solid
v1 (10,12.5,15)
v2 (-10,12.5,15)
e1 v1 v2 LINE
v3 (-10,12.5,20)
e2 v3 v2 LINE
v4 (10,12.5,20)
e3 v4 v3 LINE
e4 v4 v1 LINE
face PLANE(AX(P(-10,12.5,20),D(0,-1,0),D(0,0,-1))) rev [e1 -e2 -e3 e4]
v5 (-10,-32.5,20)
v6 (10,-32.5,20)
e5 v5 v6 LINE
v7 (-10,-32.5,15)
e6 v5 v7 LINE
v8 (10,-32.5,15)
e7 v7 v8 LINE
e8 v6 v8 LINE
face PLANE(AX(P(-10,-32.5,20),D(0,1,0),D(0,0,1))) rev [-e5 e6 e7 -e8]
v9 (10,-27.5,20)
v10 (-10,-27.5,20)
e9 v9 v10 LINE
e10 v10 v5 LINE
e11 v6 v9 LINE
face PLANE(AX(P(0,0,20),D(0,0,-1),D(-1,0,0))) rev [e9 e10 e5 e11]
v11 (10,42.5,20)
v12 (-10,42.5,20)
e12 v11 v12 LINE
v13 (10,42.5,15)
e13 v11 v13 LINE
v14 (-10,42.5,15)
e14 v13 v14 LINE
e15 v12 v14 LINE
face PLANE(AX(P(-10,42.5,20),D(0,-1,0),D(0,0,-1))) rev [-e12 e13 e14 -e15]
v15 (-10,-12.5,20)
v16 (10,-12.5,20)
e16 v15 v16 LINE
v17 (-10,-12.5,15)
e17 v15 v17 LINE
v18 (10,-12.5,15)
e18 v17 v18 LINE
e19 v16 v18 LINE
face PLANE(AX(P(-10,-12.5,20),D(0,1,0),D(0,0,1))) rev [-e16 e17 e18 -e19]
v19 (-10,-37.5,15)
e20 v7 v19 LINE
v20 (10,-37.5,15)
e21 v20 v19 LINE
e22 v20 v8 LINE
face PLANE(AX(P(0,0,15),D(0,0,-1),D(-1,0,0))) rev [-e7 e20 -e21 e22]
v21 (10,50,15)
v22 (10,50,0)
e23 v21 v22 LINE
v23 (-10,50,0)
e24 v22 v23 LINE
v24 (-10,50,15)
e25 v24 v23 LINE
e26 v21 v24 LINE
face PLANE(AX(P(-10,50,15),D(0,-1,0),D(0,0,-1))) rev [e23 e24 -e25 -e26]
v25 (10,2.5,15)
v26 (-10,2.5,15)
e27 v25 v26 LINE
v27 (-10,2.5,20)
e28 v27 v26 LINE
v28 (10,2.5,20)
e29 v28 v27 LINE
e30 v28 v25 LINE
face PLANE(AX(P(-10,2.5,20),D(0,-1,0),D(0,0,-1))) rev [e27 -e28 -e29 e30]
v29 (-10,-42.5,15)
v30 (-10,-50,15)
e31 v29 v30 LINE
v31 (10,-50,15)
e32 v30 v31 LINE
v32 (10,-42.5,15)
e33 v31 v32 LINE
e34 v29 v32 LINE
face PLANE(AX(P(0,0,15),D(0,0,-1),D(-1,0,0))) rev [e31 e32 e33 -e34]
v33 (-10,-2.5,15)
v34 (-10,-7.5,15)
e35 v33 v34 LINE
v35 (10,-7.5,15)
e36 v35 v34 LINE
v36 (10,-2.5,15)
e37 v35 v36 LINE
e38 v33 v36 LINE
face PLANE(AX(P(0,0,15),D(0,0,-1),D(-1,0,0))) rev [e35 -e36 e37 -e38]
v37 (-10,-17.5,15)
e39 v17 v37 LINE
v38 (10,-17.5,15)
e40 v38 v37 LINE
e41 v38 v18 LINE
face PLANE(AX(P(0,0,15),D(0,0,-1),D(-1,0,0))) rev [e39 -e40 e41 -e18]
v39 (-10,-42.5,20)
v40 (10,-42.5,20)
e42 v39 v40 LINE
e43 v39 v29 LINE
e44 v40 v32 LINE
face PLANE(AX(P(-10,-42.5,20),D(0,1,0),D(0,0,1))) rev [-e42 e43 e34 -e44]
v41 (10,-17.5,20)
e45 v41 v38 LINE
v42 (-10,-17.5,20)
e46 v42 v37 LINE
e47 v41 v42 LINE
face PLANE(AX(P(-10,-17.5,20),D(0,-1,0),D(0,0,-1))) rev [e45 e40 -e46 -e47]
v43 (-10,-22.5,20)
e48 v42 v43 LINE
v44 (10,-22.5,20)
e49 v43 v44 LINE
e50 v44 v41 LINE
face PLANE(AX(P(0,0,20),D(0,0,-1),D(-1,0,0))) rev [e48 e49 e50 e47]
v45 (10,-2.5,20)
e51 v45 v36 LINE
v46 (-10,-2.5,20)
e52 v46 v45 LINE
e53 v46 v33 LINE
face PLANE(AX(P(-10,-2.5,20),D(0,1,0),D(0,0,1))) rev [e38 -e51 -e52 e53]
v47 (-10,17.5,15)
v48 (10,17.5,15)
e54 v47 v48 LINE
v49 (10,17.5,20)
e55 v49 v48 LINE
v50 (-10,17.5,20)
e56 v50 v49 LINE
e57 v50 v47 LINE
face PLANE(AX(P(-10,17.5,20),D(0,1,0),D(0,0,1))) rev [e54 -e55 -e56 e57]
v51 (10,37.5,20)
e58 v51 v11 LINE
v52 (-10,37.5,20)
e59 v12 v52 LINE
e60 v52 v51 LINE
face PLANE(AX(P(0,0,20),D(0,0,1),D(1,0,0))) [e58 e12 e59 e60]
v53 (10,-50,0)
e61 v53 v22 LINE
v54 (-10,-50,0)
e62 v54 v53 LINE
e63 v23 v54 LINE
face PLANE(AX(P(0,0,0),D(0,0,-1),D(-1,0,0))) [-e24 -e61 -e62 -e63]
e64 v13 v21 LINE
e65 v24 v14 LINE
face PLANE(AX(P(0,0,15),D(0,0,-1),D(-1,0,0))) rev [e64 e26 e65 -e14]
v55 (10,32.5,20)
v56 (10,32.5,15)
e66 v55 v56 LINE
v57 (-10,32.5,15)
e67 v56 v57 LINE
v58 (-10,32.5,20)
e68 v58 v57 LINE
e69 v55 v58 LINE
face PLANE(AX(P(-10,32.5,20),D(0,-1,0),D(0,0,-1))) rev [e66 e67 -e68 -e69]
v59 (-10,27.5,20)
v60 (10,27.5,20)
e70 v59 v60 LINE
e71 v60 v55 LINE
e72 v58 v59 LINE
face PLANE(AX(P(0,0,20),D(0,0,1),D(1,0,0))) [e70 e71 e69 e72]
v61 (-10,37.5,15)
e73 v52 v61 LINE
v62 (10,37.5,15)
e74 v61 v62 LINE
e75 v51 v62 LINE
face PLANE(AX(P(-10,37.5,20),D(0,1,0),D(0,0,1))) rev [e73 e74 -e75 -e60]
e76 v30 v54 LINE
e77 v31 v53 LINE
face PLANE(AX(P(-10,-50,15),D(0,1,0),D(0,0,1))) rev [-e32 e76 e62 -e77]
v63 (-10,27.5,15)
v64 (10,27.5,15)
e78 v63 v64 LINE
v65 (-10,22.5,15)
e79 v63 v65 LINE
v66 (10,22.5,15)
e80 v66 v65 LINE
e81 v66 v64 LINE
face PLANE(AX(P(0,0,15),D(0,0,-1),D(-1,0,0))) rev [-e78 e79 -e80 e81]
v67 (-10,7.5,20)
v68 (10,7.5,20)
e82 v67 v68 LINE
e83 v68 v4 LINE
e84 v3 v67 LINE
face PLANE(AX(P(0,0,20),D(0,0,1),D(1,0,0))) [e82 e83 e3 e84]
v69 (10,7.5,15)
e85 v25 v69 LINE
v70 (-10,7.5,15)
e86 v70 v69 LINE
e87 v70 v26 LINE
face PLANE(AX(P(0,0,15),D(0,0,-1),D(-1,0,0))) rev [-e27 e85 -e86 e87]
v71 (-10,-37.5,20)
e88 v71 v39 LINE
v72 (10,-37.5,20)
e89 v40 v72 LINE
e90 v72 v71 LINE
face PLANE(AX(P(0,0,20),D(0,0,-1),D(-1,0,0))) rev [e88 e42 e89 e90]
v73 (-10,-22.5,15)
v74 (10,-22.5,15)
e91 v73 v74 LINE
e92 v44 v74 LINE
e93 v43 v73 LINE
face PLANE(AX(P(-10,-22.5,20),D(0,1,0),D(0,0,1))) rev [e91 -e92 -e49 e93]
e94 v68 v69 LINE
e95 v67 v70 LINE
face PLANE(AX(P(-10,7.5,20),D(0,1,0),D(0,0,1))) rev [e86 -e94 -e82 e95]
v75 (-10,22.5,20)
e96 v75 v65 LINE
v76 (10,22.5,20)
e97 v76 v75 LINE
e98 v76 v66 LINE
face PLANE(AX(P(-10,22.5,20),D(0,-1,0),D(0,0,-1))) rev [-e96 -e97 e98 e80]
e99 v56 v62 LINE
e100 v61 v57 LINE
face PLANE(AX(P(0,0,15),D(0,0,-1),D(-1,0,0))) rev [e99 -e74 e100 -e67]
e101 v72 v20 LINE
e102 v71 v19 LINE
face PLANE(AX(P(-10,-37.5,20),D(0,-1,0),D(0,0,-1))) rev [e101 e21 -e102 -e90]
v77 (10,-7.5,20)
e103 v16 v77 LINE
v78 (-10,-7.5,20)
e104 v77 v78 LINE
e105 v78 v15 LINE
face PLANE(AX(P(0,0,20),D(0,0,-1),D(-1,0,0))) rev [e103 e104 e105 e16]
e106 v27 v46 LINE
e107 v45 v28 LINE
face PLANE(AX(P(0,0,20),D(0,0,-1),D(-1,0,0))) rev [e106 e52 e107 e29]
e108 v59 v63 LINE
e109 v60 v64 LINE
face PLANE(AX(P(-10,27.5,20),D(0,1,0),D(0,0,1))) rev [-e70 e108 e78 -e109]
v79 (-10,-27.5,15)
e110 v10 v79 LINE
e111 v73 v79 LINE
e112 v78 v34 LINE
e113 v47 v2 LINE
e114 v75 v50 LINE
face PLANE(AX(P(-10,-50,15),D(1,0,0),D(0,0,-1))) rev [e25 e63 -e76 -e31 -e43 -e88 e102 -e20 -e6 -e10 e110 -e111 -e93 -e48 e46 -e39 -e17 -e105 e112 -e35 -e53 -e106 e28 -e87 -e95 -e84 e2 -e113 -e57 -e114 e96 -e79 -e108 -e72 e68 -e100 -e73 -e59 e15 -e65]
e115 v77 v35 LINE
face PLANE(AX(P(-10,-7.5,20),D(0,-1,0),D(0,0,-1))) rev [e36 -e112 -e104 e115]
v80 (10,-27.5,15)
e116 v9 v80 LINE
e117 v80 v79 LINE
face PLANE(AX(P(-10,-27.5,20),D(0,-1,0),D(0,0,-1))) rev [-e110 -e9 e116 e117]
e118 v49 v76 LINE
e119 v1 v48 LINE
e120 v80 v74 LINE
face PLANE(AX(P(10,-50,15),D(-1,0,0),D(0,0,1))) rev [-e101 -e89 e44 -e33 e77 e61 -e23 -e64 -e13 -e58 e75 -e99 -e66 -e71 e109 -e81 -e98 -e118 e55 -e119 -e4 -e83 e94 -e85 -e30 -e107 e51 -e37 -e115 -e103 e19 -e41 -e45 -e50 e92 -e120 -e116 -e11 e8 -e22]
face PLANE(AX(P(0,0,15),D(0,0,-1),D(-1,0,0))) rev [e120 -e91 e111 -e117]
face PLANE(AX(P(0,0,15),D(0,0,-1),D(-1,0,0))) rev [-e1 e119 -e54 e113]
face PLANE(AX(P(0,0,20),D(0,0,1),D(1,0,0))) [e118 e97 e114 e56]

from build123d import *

# Parameters (mm, degrees)
SKETCH1_W           = 20
SKETCH1_H           = 100
BOSS_EXTRUDE1_DEPTH = 15
SKETCH2_W           = 20
SKETCH2_H           = 5
BOSS_EXTRUDE2_DEPTH = 5


with BuildPart() as part:
    # Sketch1 → Boss-Extrude1 (new body)
    with BuildSketch(Plane.XY):
        Rectangle(SKETCH1_W, SKETCH1_H)
    extrude(amount=BOSS_EXTRUDE1_DEPTH)

    # Sketch2 → Boss-Extrude2 (add)
    with BuildSketch(Plane.XY.offset(15)):
        Rectangle(SKETCH2_W, SKETCH2_H)
        with Locations((0, -10)):
            Rectangle(SKETCH2_W, SKETCH2_H)
        with Locations((0, -20)):
            Rectangle(SKETCH2_W, SKETCH2_H)
        with Locations((0, -30)):
            Rectangle(SKETCH2_W, SKETCH2_H)
        with Locations((0, -40)):
            Rectangle(SKETCH2_W, SKETCH2_H)
        with Locations((0, 10)):
            Rectangle(SKETCH2_W, SKETCH2_H)
        with Locations((0, 20)):
            Rectangle(SKETCH2_W, SKETCH2_H)
        with Locations((0, 30)):
            Rectangle(SKETCH2_W, SKETCH2_H)
        with Locations((0, 40)):
            Rectangle(SKETCH2_W, SKETCH2_H)
    extrude(amount=BOSS_EXTRUDE2_DEPTH)


solid = part.part
